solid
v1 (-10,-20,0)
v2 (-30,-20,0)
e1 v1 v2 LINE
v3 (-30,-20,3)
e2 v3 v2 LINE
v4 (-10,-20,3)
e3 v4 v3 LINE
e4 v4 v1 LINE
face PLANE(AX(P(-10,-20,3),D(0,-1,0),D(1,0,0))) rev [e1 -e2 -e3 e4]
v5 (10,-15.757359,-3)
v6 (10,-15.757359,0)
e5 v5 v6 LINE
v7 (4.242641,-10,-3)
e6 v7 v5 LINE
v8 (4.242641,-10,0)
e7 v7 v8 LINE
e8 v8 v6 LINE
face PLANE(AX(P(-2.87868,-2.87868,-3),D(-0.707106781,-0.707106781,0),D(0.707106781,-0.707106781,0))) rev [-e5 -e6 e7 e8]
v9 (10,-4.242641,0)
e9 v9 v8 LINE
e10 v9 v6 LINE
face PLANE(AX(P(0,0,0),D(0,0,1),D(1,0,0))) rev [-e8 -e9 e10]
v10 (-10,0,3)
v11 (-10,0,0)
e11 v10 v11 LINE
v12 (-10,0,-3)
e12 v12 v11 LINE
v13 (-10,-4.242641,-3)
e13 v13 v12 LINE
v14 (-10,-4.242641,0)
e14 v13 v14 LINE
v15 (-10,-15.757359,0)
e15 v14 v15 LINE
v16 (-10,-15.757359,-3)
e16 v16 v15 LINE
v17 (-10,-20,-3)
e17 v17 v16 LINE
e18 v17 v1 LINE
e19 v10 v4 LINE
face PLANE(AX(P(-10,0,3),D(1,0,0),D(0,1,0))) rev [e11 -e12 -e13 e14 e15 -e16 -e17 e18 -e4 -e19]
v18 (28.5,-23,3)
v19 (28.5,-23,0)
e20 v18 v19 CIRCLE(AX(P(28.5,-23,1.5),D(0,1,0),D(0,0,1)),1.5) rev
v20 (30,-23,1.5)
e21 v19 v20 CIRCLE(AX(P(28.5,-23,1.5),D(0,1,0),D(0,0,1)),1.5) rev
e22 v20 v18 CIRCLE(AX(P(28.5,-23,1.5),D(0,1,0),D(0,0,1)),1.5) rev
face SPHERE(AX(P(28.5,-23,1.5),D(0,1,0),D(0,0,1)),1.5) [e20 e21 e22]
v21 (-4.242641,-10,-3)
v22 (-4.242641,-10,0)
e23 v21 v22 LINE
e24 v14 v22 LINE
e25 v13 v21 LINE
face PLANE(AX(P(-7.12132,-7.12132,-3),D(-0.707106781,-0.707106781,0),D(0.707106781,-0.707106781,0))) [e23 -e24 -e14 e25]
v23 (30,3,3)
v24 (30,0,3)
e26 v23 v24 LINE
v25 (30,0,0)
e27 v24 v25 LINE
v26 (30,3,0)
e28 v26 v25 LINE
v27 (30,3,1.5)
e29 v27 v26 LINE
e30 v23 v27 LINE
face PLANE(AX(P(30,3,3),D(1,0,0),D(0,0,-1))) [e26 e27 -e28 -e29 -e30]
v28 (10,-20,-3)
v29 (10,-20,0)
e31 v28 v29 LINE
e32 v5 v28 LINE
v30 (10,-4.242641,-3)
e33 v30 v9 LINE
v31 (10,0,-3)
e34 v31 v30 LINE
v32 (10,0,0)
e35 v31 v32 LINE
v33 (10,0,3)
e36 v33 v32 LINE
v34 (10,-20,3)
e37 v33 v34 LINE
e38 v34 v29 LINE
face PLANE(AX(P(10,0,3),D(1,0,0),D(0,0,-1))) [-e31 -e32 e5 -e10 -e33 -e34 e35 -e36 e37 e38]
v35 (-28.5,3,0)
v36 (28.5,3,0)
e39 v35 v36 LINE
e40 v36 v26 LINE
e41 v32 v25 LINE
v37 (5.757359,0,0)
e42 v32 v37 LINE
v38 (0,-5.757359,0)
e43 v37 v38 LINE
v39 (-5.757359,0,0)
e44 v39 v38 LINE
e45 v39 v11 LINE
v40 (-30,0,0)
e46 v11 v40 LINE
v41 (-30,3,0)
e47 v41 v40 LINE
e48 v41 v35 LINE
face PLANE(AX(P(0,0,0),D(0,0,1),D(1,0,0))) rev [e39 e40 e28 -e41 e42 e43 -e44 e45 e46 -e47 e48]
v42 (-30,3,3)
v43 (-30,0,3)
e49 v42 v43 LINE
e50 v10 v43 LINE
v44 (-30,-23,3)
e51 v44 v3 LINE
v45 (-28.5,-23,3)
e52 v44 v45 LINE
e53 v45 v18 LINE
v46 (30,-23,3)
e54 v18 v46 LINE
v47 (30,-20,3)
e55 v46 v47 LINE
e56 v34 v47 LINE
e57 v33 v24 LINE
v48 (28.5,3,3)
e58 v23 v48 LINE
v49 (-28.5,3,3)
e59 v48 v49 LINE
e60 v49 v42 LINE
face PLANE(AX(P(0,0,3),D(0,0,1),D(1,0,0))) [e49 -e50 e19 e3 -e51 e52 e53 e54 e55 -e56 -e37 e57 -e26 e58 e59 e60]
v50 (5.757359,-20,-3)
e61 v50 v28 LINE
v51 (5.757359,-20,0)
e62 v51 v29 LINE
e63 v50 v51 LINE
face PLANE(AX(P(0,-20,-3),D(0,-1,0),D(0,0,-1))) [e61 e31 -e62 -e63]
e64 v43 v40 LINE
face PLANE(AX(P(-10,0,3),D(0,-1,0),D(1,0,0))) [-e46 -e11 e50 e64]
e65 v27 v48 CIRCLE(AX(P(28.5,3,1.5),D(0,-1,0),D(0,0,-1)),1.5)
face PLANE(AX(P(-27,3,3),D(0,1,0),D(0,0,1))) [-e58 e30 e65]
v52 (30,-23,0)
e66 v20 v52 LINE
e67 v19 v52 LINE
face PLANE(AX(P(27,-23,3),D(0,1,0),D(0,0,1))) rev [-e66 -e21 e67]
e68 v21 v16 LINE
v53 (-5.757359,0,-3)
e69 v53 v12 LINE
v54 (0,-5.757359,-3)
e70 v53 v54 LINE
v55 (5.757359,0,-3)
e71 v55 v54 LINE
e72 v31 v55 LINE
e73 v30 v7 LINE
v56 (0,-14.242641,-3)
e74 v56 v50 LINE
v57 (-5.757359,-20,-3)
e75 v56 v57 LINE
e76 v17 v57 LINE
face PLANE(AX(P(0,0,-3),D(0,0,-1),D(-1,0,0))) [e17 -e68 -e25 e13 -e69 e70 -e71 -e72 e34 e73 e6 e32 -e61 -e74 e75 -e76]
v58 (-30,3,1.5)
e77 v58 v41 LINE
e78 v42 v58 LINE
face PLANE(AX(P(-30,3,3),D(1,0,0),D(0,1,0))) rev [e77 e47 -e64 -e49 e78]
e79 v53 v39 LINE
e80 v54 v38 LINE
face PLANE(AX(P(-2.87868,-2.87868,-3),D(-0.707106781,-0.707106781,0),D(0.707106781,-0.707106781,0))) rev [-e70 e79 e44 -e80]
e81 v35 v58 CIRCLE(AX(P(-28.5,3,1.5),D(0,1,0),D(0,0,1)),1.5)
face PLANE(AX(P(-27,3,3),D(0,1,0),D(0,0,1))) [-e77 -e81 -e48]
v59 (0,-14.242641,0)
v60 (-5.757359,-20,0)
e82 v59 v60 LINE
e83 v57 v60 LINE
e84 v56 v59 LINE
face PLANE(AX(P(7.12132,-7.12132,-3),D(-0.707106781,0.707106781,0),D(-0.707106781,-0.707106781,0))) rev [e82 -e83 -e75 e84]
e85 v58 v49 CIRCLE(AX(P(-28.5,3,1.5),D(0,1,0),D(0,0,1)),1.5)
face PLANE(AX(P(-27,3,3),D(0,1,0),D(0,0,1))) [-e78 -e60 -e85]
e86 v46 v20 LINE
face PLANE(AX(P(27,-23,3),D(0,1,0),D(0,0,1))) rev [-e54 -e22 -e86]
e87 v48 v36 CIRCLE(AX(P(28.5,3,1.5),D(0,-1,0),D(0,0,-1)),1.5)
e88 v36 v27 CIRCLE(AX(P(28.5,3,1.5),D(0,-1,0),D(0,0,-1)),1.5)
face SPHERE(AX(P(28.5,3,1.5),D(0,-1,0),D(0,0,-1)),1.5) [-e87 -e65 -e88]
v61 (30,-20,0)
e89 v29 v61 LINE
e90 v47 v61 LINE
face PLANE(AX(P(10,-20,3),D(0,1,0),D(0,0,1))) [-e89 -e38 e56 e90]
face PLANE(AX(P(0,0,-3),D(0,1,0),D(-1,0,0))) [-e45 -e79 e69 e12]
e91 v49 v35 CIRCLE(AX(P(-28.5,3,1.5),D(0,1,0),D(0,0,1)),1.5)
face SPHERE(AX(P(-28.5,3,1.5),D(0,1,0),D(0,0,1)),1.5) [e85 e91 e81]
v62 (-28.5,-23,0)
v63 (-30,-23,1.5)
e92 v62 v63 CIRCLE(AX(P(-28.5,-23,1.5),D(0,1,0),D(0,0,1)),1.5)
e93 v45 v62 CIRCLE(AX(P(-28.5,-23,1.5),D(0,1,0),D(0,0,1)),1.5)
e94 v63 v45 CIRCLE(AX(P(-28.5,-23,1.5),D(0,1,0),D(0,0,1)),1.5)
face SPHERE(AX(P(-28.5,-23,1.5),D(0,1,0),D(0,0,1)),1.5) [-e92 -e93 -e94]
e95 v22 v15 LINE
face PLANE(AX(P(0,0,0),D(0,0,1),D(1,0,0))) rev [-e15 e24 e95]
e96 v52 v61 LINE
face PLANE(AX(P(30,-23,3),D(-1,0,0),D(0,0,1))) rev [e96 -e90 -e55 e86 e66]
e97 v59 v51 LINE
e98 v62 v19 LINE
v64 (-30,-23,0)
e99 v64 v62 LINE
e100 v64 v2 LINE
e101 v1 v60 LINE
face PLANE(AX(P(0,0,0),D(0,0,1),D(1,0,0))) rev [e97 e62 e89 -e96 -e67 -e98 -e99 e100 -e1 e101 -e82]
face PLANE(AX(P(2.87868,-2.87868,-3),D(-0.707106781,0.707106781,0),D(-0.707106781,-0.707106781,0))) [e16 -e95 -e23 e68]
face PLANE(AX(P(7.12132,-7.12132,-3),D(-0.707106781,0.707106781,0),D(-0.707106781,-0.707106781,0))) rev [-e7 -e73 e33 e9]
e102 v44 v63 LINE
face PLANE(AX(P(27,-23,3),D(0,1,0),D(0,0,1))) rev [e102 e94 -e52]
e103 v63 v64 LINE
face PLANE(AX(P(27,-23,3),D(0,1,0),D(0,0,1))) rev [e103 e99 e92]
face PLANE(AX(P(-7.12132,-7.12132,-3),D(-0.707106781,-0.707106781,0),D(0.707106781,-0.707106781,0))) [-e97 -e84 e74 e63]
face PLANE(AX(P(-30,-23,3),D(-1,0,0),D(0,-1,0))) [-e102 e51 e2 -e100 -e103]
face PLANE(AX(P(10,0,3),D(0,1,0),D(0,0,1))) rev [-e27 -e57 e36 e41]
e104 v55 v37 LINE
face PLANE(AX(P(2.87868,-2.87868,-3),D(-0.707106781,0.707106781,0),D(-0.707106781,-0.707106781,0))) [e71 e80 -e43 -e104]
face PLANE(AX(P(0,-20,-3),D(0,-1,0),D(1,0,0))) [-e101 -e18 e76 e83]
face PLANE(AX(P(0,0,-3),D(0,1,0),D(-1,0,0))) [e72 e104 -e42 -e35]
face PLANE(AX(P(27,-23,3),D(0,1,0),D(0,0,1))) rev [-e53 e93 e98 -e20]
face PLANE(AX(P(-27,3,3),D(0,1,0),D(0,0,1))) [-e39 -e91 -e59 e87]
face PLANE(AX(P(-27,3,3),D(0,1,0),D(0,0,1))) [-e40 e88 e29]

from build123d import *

# Parameters (mm, degrees)
BOSS_EXTRUDE1_DEPTH  = 3
BALL1_REVOLVED_ANGLE = 180
BOSS_EXTRUDE3_DEPTH  = 3


with BuildPart() as part:
    # Sketch1 → Boss-Extrude1 (new body)
    with BuildSketch(Plane.XY):
        Polygon((10, 0), (30, 0), (30, 3), (27, 3), (-27, 3), (-30, 3), (-30, 0), (-10, 0), (-10, -20), (-30, -20), (-30, -23), (-27, -23), (27, -23), (30, -23), (30, -20), (10, -20), align=None)
    extrude(amount=BOSS_EXTRUDE1_DEPTH)

    # ball1 → ball1_revolved (revolve)
    with BuildSketch(Plane(origin=(0, 3, 0), x_dir=(1, 0, 0), z_dir=(0, 1, 0))):
        with BuildLine():
            Line((30, -1.5), (27, -1.5))
            ThreePointArc((27, -1.5), (28.5, 0), (30, -1.5))
        make_face()
    revolve(axis=Axis((30, 3, 1.5), (1, 0, 0)), revolution_arc=BALL1_REVOLVED_ANGLE)

    # Sketch8 → Boss-Extrude3 (add)
    with BuildSketch(Plane(origin=(0, 0, 0), x_dir=(-1, 0, 0), z_dir=(0, 0, -1))):
        Polygon((-5.757359313, 0), (-10, 0), (-10, -4.242640687), (-4.242640687, -10), (0, -5.757359313), align=None)
        Polygon((5.757359313, 0), (0, -5.757359313), (4.242640687, -10), (10, -4.242640687), (10, 0), align=None)
        Polygon((4.242640687, -10), (0, -5.757359313), (-4.242640687, -10), (0, -14.242640687), align=None)
        Polygon((10, -15.757359313), (4.242640687, -10), (0, -14.242640687), (5.757359313, -20), (10, -20), align=None)
        Polygon((0, -14.242640687), (-4.242640687, -10), (-10, -15.757359313), (-10, -20), (-5.757359313, -20), align=None)
    extrude(amount=BOSS_EXTRUDE3_DEPTH)

    # Sketch5 → Revolve4 (revolve)
    with BuildSketch(Plane.XZ.offset(23)):
        with BuildLine():
            ThreePointArc((28.5, 3), (27.439339828, 2.560660172), (27, 1.5))
            Line((27, 1.5), (30, 1.5))
            ThreePointArc((30, 1.5), (29.560660172, 2.560660172), (28.5, 3))
        make_face()
        with BuildLine():
            ThreePointArc((-27, 1.5), (-28.5, 3), (-30, 1.5))
            Line((-30, 1.5), (-27, 1.5))
        make_face()
    revolve(axis=Axis((-30, -23, 1.5), (1, 0, 0)))

    # ball2 → Revolve5 (revolve)
    with BuildSketch(Plane(origin=(0, 3, 0), x_dir=(1, 0, 0), z_dir=(0, 1, 0))):
        with BuildLine():
            Line((-30, -1.5), (-27, -1.5))
            ThreePointArc((-27, -1.5), (-28.5, -3), (-30, -1.5))
        make_face()
    revolve(axis=Axis((-30, 3, 1.5), (1, 0, 0)))


solid = part.part
